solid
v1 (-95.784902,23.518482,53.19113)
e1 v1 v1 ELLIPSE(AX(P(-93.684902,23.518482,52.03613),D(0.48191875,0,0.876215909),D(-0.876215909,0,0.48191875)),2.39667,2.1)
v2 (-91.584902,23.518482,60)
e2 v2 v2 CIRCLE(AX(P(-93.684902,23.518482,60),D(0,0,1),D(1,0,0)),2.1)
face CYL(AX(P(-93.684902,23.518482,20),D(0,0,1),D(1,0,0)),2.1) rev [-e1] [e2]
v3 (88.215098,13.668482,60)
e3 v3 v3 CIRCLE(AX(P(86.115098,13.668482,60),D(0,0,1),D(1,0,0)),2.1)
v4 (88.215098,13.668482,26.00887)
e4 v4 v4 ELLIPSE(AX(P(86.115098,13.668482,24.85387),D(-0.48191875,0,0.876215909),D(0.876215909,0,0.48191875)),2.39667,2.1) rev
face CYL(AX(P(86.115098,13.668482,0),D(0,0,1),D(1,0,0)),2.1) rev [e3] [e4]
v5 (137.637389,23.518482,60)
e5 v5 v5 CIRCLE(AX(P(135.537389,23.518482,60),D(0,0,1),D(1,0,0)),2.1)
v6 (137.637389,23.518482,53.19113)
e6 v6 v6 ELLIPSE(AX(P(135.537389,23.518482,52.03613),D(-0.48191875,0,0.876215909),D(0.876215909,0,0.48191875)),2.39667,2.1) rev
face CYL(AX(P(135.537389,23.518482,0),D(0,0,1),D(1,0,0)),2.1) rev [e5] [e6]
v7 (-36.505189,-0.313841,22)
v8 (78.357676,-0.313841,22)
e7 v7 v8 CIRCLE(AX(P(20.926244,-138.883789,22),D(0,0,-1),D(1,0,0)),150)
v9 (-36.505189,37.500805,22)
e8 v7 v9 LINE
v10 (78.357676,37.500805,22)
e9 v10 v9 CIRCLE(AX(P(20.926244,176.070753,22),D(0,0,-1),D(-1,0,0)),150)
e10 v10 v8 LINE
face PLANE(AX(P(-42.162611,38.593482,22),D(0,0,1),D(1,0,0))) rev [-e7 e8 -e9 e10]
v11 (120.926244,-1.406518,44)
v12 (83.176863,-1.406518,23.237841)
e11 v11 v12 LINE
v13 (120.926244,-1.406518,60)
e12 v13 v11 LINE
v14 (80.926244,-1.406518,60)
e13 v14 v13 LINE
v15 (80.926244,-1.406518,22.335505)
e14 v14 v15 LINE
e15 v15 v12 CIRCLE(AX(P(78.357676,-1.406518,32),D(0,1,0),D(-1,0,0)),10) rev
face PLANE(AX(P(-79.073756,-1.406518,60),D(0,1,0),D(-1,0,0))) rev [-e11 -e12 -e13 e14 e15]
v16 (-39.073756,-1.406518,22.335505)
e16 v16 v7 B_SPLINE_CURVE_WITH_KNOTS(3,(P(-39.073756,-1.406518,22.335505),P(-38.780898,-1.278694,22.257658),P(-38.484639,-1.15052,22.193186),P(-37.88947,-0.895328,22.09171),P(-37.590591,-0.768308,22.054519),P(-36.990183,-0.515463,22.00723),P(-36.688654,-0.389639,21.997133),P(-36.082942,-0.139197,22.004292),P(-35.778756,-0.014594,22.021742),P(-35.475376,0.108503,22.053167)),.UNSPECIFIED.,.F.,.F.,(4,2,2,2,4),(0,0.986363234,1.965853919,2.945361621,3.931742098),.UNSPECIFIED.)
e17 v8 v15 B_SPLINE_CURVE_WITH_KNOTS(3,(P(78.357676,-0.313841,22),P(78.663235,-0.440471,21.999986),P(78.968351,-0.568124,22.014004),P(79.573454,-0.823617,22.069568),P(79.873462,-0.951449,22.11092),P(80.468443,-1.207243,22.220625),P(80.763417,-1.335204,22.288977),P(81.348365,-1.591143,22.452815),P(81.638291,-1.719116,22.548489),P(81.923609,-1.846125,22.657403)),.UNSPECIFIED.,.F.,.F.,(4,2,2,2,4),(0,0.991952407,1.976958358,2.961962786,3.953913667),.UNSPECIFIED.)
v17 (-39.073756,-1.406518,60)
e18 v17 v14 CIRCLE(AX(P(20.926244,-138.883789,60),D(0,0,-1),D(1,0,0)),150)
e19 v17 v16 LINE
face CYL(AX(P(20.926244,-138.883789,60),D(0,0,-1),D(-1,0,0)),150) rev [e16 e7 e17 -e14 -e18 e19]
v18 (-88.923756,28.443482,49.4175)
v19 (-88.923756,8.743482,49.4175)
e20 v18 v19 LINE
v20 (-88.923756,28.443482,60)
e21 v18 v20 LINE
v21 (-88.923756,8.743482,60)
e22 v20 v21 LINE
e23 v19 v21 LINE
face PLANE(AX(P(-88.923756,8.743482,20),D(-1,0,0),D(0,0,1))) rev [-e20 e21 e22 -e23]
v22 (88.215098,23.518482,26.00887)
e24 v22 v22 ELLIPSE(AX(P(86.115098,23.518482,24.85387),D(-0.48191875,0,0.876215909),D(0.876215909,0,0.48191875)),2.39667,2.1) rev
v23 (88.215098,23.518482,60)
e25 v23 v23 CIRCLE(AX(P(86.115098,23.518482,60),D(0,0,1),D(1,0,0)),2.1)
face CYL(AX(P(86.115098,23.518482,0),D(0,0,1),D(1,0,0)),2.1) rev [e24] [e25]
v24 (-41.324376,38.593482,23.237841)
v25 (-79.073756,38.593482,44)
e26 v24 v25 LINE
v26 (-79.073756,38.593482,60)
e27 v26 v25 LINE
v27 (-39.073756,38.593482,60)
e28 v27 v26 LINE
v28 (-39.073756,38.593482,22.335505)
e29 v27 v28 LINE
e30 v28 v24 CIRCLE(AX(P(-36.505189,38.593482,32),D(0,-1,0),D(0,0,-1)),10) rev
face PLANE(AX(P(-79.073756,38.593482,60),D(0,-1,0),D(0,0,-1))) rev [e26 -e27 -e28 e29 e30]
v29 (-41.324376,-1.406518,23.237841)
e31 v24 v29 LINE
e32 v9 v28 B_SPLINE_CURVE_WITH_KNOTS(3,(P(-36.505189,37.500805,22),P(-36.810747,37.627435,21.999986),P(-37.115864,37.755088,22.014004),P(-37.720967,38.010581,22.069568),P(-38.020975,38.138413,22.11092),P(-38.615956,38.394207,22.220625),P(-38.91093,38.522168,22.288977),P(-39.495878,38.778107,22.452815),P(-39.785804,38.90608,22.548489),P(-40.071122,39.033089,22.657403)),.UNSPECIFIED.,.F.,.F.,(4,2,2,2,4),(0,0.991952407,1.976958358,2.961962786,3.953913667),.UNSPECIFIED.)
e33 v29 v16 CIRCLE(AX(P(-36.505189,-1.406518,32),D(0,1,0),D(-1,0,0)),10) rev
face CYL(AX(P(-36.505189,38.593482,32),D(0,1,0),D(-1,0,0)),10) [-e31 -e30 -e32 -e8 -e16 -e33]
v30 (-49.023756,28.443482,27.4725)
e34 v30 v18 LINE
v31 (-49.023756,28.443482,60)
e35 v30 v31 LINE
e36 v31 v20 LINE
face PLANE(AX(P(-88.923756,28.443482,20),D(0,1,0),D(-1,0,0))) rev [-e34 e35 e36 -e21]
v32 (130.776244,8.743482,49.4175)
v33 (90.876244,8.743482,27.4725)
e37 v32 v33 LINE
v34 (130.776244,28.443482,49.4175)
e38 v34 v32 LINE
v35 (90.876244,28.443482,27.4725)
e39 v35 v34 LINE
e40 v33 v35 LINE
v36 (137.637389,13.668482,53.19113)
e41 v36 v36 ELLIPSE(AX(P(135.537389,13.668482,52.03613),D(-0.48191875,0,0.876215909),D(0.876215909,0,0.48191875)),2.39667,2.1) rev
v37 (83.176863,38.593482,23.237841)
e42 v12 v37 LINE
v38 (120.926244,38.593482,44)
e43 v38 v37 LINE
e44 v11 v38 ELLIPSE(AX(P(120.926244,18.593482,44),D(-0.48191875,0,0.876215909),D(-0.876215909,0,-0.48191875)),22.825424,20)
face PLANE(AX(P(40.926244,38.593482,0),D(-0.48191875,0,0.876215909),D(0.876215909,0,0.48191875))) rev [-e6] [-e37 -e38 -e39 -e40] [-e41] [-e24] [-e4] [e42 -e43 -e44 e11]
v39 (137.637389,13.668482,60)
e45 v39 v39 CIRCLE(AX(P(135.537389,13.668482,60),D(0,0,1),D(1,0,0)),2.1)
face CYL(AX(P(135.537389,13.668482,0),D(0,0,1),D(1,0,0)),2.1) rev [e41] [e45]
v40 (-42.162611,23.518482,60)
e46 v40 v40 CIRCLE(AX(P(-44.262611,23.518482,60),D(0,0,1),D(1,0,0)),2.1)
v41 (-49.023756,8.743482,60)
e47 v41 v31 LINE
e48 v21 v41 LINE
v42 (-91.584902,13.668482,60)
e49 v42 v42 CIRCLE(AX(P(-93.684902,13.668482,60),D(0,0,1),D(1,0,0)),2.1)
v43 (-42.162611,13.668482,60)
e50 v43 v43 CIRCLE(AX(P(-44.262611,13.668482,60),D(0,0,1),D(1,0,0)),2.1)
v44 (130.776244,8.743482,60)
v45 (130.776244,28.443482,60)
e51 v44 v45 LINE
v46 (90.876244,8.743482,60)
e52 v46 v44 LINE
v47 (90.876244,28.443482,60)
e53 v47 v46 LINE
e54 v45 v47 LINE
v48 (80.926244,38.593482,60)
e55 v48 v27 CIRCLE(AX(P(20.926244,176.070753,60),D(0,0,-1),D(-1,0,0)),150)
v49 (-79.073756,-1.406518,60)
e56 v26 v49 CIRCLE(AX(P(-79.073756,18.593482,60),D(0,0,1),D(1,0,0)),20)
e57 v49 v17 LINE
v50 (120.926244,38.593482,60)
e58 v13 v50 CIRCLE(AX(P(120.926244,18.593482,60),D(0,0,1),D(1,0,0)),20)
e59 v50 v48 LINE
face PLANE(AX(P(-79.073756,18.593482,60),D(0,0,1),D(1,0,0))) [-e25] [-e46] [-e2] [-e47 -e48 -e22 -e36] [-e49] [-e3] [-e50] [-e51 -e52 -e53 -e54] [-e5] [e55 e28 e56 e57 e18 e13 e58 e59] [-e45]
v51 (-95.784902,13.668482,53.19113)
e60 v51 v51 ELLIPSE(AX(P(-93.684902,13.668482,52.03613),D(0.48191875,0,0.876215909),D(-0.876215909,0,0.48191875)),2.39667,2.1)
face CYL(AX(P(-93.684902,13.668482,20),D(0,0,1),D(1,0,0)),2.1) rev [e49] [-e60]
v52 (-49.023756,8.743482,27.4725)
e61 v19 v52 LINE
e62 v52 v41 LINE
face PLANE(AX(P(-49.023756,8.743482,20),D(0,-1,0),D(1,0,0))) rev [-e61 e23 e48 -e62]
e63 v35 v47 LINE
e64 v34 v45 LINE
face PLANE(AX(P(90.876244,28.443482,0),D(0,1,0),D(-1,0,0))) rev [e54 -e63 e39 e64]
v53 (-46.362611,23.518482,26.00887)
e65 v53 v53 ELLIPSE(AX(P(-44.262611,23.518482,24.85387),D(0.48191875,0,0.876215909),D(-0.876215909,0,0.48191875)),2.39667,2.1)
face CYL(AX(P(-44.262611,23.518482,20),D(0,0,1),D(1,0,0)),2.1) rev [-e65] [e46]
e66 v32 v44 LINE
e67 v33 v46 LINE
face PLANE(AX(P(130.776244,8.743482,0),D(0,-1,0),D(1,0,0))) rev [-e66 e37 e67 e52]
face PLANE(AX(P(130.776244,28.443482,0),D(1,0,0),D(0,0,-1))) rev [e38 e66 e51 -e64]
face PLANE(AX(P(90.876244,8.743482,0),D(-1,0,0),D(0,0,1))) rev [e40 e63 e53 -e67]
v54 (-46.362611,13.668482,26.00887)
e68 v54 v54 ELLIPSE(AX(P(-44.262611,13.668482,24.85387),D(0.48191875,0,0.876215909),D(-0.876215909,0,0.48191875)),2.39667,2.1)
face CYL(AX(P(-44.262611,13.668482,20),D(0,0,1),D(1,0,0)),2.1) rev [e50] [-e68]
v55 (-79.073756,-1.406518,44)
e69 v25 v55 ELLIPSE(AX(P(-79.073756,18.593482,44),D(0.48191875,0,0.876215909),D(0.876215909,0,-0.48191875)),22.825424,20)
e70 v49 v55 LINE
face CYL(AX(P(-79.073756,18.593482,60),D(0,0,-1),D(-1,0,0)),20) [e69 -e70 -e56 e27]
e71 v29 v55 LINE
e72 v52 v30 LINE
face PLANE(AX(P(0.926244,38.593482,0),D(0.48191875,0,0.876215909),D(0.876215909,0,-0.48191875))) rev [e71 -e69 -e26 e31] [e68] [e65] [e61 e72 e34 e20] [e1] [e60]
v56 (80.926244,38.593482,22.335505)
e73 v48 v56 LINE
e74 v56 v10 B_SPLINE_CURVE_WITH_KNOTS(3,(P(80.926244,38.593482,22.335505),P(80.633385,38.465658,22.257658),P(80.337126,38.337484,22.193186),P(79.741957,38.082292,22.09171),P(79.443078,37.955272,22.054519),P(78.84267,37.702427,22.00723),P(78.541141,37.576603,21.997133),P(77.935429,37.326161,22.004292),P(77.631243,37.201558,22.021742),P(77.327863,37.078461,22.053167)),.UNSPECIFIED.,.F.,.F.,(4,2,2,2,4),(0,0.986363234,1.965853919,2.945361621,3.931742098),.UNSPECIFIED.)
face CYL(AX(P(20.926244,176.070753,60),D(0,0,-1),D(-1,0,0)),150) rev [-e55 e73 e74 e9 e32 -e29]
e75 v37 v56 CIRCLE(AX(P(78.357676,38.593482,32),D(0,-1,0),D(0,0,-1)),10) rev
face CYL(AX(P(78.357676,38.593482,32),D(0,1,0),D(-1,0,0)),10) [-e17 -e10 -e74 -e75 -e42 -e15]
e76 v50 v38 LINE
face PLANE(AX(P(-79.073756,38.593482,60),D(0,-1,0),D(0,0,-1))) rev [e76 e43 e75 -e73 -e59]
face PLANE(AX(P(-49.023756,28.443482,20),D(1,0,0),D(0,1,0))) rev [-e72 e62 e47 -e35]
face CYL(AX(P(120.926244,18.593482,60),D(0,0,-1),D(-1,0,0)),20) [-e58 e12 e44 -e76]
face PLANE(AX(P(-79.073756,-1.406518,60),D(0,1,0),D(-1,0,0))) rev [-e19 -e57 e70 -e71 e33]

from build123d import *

# Parameters (mm, degrees)
SKETCH1_R           = 2.73935274
BOSS_EXTRUDE1_DEPTH = 60
SKETCH17_R          = 2.1
SKETCH17_W          = 39.9
SKETCH17_H          = 19.7
CUT_EXTRUDE10_DEPTH = 158.954623162
CUT_EXTRUDE11_DEPTH = 159.304157008
SKETCH19_W          = 123.088854382
SKETCH19_H          = 22
CUT_EXTRUDE12_DEPTH = 159.304157008
CUT_EXTRUDE14_DEPTH = 151.975703271
FILLET3_R           = 10
FILLET4_R           = 10
SKETCH16_R          = 2.1
SKETCH16_W          = 39.9
SKETCH16_H          = 19.7
CUT_EXTRUDE15_DEPTH = 40


with BuildPart() as part:
    # Sketch1 → Boss-Extrude1 (new body)
    with BuildSketch(Plane.XY):
        with BuildLine():
            Line((-79.073756432, 38.59348199), (120.926243568, 38.59348199))
            ThreePointArc((120.926243568, 38.59348199), (140.926243568, 18.59348199), (120.926243568, -1.40651801))
            Line((120.926243568, -1.40651801), (-79.073756432, -1.40651801))
            ThreePointArc((-79.073756432, -1.40651801), (-99.073756432, 18.59348199), (-79.073756432, 38.59348199))
        make_face()
        with Locations((-79.073756432, 18.59348199)):
            Circle(SKETCH1_R, mode=Mode.SUBTRACT)
        with Locations((120.926243568, 18.59348199)):
            Circle(SKETCH1_R, mode=Mode.SUBTRACT)
    extrude(amount=BOSS_EXTRUDE1_DEPTH)

    # Sketch17 → Cut-Extrude10 (cut, through all)
    with BuildSketch(Plane.XY.offset(60)):
        with Locations((86.11509795, 23.51848199)):
            Circle(SKETCH17_R)
        with Locations((86.11509795, 13.66848199)):
            Circle(SKETCH17_R)
        with Locations((135.537389186, 23.51848199)):
            Circle(SKETCH17_R)
        with Locations((135.537389186, 13.66848199)):
            Circle(SKETCH17_R)
        with Locations((110.826243568, 18.59348199)):
            Rectangle(SKETCH17_W, SKETCH17_H)
    extrude(amount=-CUT_EXTRUDE10_DEPTH, mode=Mode.SUBTRACT)

    # Sketch18 → Cut-Extrude11 (cut, through all)
    with BuildSketch(Plane(origin=(0, -1.40651801, 0), x_dir=(-1, 0, 0), z_dir=(0, -1, 0))):
        Polygon((-140.926243568, -55), (-140.926243568, 0), (-40.926243568, 0), align=None)
        Polygon((99.073756432, -55), (99.073756432, 0), (-0.926243568, 0), align=None)
    extrude(amount=-CUT_EXTRUDE11_DEPTH, mode=Mode.SUBTRACT)

    # Sketch19 → Cut-Extrude12 (cut, through all)
    with BuildSketch(Plane(origin=(0, -1.40651801, 0), x_dir=(-1, 0, 0), z_dir=(0, -1, 0))):
        with Locations((-19.381816377, -11)):
            Rectangle(SKETCH19_W, SKETCH19_H)
    extrude(amount=-CUT_EXTRUDE12_DEPTH, mode=Mode.SUBTRACT)

    # Sketch22 → Cut-Extrude14 (cut, through all)
    with BuildSketch(Plane(origin=(0, 0, 22), x_dir=(-1, 0, 0), z_dir=(0, 0, -1))):
        with BuildLine():
            Line((-80.926243568, 38.59348199), (39.073756432, 38.59348199))
            ThreePointArc((39.073756432, 38.59348199), (-20.926243568, 26.070752838), (-80.926243568, 38.59348199))
        make_face()
        with BuildLine():
            Line((-80.926243568, -1.40651801), (39.073756432, -1.40651801))
            ThreePointArc((39.073756432, -1.40651801), (-20.926243568, 11.116211141), (-80.926243568, -1.40651801))
        make_face()
    extrude(amount=-CUT_EXTRUDE14_DEPTH, mode=Mode.SUBTRACT)

    # Fillet3
    fillet3_edges = [part.edges().sort_by_distance(p)[0] for p in [
        (80.926243568, 18.59348199, 22),
    ]]
    fillet(fillet3_edges, radius=FILLET3_R)

    # Fillet4
    fillet4_edges = [part.edges().sort_by_distance(p)[0] for p in [
        (-39.073756432, 18.59348199, 22),
    ]]
    fillet(fillet4_edges, radius=FILLET4_R)

    # Sketch16 → Cut-Extrude15 (cut)
    with BuildSketch(Plane.XY.offset(60)):
        with Locations((-93.68490205, 23.51848199)):
            Circle(SKETCH16_R)
        with Locations((-93.68490205, 13.66848199)):
            Circle(SKETCH16_R)
        with Locations((-44.262610814, 23.51848199)):
            Circle(SKETCH16_R)
        with Locations((-44.262610814, 13.66848199)):
            Circle(SKETCH16_R)
        with Locations((-68.973756432, 18.59348199)):
            Rectangle(SKETCH16_W, SKETCH16_H)
    extrude(amount=-CUT_EXTRUDE15_DEPTH, mode=Mode.SUBTRACT)


solid = part.part
